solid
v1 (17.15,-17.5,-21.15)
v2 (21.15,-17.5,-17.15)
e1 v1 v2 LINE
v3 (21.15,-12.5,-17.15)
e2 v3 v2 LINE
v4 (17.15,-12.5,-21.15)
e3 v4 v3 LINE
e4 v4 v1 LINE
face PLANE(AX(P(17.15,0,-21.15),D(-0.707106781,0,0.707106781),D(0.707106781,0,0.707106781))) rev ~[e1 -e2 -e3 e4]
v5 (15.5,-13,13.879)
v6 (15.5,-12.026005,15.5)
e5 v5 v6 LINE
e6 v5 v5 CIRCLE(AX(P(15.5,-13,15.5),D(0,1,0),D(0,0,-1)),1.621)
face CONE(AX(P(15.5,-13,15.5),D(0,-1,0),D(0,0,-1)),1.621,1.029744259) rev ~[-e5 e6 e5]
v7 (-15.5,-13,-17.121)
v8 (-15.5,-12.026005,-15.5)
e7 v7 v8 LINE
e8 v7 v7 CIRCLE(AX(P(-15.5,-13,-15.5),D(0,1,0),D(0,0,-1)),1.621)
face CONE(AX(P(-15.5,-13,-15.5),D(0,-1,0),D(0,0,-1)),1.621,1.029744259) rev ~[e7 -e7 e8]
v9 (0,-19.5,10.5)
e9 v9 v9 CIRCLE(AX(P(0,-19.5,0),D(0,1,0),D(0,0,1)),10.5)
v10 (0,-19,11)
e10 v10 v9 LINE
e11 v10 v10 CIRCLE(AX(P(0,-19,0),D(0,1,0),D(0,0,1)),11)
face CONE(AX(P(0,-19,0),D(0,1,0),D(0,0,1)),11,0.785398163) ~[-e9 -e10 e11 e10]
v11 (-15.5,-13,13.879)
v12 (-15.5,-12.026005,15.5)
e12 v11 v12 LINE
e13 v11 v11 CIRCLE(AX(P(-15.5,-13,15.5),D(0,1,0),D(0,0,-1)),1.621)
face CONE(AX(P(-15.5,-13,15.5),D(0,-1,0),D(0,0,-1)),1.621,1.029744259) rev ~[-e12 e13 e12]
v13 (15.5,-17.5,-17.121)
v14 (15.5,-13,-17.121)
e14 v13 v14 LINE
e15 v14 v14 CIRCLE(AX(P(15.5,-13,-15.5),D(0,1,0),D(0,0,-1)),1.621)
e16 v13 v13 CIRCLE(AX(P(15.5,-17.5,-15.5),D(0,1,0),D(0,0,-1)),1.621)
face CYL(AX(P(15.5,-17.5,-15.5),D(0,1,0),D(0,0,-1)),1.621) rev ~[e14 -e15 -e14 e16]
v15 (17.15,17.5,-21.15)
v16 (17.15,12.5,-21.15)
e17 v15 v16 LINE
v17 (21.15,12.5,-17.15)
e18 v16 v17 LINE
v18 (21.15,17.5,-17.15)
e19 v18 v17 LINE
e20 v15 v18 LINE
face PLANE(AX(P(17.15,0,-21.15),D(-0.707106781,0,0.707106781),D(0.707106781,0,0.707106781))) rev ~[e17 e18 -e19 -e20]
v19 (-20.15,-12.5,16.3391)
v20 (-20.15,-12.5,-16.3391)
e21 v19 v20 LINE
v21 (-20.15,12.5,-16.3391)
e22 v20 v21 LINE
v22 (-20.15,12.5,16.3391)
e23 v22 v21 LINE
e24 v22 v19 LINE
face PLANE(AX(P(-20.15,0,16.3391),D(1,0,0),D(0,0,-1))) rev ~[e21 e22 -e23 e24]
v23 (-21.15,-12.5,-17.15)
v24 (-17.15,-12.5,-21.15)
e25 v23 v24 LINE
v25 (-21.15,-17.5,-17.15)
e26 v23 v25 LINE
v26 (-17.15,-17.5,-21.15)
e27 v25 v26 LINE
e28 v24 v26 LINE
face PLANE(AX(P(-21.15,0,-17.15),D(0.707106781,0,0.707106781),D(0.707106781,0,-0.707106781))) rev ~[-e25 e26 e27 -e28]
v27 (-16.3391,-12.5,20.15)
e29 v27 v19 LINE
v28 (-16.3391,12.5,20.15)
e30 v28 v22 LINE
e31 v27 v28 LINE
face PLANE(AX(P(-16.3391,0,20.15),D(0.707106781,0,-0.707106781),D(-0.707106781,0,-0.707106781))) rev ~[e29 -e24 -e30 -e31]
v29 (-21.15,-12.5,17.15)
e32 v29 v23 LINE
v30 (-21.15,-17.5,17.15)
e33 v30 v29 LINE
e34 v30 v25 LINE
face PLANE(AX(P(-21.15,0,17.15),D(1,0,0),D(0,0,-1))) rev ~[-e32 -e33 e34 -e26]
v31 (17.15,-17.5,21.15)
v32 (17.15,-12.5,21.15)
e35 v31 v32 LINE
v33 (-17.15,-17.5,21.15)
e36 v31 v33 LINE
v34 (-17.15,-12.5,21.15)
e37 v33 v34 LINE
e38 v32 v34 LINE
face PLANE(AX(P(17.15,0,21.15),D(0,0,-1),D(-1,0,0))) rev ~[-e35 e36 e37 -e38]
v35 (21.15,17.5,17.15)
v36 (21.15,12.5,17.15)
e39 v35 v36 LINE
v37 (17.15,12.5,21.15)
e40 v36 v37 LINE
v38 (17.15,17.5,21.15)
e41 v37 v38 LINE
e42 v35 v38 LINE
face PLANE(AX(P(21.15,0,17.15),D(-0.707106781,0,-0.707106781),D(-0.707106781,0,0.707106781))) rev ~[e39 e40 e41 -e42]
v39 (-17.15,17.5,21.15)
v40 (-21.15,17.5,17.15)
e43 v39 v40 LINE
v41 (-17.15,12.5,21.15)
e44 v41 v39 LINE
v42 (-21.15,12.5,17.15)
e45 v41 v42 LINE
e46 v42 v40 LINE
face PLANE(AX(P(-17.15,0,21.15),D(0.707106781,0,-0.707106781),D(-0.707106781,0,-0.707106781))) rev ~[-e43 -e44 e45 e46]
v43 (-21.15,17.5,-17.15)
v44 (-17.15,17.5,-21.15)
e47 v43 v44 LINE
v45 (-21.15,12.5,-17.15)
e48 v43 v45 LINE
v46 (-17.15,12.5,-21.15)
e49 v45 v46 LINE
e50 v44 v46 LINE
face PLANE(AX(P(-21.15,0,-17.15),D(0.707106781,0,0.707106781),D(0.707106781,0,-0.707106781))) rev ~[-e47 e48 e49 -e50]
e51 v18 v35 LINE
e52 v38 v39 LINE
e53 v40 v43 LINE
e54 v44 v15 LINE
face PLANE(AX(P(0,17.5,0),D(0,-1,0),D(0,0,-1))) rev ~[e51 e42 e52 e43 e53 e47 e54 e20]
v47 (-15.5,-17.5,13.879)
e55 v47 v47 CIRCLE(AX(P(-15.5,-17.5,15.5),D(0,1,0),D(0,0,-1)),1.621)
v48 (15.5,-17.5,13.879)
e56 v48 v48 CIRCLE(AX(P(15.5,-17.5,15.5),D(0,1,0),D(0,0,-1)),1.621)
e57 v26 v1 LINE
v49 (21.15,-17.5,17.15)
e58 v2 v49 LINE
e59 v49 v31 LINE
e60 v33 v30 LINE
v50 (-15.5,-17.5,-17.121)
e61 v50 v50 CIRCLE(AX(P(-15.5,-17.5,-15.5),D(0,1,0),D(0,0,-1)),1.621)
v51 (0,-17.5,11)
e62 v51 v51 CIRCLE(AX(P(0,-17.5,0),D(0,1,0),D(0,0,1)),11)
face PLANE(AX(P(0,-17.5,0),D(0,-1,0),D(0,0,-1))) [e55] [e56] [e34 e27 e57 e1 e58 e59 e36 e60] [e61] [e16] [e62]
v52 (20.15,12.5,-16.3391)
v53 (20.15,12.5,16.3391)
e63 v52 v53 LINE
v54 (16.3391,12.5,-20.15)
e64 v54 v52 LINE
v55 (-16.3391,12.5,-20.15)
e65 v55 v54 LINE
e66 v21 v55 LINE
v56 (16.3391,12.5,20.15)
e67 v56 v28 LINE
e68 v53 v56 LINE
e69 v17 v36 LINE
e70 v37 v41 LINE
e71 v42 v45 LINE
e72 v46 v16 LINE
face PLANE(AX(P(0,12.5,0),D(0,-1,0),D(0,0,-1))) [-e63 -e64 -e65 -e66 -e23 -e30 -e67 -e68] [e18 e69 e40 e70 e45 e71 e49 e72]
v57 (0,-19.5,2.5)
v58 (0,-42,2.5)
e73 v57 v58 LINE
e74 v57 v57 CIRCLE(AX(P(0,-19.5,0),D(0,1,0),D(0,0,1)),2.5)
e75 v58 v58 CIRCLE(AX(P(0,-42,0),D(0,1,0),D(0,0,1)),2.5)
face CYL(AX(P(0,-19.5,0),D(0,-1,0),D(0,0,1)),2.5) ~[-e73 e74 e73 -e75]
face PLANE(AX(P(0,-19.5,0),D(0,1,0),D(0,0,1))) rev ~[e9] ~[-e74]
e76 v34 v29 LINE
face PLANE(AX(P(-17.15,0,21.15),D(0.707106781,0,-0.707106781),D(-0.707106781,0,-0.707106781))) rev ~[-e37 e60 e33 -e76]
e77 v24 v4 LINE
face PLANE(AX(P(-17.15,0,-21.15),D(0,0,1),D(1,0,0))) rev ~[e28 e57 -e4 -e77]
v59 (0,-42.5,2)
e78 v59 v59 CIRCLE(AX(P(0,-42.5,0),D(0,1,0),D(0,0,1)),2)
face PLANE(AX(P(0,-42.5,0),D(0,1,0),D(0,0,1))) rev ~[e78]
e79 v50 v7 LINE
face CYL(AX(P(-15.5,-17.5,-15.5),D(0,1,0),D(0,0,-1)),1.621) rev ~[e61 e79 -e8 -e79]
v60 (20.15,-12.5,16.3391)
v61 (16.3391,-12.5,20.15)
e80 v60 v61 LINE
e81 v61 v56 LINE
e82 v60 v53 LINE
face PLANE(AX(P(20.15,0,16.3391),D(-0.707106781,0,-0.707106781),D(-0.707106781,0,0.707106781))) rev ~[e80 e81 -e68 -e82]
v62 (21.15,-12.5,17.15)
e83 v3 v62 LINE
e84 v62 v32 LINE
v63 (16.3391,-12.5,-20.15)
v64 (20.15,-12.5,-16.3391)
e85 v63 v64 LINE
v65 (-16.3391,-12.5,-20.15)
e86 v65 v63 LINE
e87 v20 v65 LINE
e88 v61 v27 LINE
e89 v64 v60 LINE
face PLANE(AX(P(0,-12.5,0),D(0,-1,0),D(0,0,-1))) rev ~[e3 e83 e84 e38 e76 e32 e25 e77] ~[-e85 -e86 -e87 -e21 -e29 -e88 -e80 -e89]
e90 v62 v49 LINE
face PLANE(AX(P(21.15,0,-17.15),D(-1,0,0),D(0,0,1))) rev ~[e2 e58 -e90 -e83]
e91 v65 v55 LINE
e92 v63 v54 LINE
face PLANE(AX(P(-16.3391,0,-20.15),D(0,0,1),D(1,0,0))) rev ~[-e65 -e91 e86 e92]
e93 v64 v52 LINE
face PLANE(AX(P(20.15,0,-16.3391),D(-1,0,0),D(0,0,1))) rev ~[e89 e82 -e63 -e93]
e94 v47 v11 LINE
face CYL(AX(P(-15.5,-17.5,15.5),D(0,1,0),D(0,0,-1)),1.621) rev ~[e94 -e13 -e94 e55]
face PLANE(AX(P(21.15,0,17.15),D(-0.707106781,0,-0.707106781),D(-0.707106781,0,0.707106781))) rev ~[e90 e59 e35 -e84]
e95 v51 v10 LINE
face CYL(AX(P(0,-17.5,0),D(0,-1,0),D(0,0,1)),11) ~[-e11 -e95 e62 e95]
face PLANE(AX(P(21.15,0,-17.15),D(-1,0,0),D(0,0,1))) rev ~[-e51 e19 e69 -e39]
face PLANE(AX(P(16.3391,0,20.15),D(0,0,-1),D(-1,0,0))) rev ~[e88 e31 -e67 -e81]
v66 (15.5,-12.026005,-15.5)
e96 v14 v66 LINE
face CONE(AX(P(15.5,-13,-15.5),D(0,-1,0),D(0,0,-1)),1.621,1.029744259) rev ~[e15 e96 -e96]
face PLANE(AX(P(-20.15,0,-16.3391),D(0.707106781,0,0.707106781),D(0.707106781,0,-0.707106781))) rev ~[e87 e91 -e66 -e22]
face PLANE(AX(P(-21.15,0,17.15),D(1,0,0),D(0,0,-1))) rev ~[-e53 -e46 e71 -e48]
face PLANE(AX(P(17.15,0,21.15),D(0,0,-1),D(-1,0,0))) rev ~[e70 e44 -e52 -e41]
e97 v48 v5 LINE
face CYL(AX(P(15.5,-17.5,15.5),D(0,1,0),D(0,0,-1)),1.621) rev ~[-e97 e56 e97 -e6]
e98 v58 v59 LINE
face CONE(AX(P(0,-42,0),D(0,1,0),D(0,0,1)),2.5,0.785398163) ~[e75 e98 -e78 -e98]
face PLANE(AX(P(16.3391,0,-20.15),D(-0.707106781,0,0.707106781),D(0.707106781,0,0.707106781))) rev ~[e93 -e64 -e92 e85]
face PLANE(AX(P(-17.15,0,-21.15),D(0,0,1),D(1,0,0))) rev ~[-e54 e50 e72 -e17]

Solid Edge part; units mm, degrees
sketch "Sketch1" plane through (0, 0, 0) normal (0, -1, 0) x (1, 0, 0)
  line L0 (-21.15, 17.15) -> (-21.15, -17.15)
  line L1 (-21.15, -17.15) -> (-17.15, -21.15)
  line L2 (-17.15, -21.15) -> (17.15, -21.15)
  line L3 (17.15, -21.15) -> (21.15, -17.15)
  line L4 (21.15, -17.15) -> (21.15, 17.15)
  line L5 (21.15, 17.15) -> (17.15, 21.15)
  line L6 (17.15, 21.15) -> (-17.15, 21.15)
  line L7 (-17.15, 21.15) -> (-21.15, 17.15)
  dimension "D1" = 42.3
  dimension "D2" = 4
extrude "Protrusion1" add sketch "Sketch1" along normal mid plane 35
sketch "Sketch2" plane through (0, 0, 0) normal (0, -1, 0) x (1, 0, 0)
  line L0 (-20.15, 16.3391) -> (-20.15, -16.3391)
  line L1 (-20.15, -16.3391) -> (-16.3391, -20.15)
  line L2 (-16.3391, -20.15) -> (16.3391, -20.15)
  line L3 (16.3391, -20.15) -> (20.15, -16.3391)
  line L4 (20.15, -16.3391) -> (20.15, 16.3391)
  line L5 (20.15, 16.3391) -> (16.3391, 20.15)
  line L6 (16.3391, 20.15) -> (-16.3391, 20.15)
  line L7 (-16.3391, 20.15) -> (-20.15, 16.3391)
  dimension "D1" = 1
extrude "ExtrudedCutout_1" cut sketch "Sketch2" along normal mid plane 25 flip side to cut
sketch "Sketch3" plane through (0, 0, 0) normal (1, 0, 0) x (0, 1, 0)
  line L0 (-17.5, 0) -> (-17.5, 11)
  line L1 (-17.5, 11) -> (-19.5, 11)
  line L2 (-19.5, 11) -> (-19.5, 2.5)
  line L3 (-19.5, 2.5) -> (-42.5, 2.5)
  line L4 (-42.5, 2.5) -> (-42.5, 0)
  dimension "D1" = 25
  dimension "D2" = 2
revolve "RevolvedProtrusion1" add sketch "Sketch3" angle 360 about axis through (0, -46, 0) along (0, 1, 0)
chamfer "Chamfer_1" distance 0.5 angle 45 2 edges at (0, -19.5, 11) (0, -42.5, 2.5)
hole "Hole_1" at (-15.5, -17.5, -15.5) direction (0, 1, 0) diameter 3.242 depth 4.5 tip angle 118 thread major 4 thread length 4
hole "Hole1" at (-15.5, -17.5, 15.5) direction (0, 1, 0) diameter 3.242 depth 4.5 tip angle 118 thread major 4 thread length 4
hole "Hole2" at (15.5, -17.5, -15.5) direction (0, 1, 0) diameter 3.242 depth 4.5 tip angle 118 thread major 4 thread length 4
hole "Hole3" at (15.5, -17.5, 15.5) direction (0, 1, 0) diameter 3.242 depth 4.5 tip angle 118 thread major 4 thread length 4
properties material "Stainless steel"
